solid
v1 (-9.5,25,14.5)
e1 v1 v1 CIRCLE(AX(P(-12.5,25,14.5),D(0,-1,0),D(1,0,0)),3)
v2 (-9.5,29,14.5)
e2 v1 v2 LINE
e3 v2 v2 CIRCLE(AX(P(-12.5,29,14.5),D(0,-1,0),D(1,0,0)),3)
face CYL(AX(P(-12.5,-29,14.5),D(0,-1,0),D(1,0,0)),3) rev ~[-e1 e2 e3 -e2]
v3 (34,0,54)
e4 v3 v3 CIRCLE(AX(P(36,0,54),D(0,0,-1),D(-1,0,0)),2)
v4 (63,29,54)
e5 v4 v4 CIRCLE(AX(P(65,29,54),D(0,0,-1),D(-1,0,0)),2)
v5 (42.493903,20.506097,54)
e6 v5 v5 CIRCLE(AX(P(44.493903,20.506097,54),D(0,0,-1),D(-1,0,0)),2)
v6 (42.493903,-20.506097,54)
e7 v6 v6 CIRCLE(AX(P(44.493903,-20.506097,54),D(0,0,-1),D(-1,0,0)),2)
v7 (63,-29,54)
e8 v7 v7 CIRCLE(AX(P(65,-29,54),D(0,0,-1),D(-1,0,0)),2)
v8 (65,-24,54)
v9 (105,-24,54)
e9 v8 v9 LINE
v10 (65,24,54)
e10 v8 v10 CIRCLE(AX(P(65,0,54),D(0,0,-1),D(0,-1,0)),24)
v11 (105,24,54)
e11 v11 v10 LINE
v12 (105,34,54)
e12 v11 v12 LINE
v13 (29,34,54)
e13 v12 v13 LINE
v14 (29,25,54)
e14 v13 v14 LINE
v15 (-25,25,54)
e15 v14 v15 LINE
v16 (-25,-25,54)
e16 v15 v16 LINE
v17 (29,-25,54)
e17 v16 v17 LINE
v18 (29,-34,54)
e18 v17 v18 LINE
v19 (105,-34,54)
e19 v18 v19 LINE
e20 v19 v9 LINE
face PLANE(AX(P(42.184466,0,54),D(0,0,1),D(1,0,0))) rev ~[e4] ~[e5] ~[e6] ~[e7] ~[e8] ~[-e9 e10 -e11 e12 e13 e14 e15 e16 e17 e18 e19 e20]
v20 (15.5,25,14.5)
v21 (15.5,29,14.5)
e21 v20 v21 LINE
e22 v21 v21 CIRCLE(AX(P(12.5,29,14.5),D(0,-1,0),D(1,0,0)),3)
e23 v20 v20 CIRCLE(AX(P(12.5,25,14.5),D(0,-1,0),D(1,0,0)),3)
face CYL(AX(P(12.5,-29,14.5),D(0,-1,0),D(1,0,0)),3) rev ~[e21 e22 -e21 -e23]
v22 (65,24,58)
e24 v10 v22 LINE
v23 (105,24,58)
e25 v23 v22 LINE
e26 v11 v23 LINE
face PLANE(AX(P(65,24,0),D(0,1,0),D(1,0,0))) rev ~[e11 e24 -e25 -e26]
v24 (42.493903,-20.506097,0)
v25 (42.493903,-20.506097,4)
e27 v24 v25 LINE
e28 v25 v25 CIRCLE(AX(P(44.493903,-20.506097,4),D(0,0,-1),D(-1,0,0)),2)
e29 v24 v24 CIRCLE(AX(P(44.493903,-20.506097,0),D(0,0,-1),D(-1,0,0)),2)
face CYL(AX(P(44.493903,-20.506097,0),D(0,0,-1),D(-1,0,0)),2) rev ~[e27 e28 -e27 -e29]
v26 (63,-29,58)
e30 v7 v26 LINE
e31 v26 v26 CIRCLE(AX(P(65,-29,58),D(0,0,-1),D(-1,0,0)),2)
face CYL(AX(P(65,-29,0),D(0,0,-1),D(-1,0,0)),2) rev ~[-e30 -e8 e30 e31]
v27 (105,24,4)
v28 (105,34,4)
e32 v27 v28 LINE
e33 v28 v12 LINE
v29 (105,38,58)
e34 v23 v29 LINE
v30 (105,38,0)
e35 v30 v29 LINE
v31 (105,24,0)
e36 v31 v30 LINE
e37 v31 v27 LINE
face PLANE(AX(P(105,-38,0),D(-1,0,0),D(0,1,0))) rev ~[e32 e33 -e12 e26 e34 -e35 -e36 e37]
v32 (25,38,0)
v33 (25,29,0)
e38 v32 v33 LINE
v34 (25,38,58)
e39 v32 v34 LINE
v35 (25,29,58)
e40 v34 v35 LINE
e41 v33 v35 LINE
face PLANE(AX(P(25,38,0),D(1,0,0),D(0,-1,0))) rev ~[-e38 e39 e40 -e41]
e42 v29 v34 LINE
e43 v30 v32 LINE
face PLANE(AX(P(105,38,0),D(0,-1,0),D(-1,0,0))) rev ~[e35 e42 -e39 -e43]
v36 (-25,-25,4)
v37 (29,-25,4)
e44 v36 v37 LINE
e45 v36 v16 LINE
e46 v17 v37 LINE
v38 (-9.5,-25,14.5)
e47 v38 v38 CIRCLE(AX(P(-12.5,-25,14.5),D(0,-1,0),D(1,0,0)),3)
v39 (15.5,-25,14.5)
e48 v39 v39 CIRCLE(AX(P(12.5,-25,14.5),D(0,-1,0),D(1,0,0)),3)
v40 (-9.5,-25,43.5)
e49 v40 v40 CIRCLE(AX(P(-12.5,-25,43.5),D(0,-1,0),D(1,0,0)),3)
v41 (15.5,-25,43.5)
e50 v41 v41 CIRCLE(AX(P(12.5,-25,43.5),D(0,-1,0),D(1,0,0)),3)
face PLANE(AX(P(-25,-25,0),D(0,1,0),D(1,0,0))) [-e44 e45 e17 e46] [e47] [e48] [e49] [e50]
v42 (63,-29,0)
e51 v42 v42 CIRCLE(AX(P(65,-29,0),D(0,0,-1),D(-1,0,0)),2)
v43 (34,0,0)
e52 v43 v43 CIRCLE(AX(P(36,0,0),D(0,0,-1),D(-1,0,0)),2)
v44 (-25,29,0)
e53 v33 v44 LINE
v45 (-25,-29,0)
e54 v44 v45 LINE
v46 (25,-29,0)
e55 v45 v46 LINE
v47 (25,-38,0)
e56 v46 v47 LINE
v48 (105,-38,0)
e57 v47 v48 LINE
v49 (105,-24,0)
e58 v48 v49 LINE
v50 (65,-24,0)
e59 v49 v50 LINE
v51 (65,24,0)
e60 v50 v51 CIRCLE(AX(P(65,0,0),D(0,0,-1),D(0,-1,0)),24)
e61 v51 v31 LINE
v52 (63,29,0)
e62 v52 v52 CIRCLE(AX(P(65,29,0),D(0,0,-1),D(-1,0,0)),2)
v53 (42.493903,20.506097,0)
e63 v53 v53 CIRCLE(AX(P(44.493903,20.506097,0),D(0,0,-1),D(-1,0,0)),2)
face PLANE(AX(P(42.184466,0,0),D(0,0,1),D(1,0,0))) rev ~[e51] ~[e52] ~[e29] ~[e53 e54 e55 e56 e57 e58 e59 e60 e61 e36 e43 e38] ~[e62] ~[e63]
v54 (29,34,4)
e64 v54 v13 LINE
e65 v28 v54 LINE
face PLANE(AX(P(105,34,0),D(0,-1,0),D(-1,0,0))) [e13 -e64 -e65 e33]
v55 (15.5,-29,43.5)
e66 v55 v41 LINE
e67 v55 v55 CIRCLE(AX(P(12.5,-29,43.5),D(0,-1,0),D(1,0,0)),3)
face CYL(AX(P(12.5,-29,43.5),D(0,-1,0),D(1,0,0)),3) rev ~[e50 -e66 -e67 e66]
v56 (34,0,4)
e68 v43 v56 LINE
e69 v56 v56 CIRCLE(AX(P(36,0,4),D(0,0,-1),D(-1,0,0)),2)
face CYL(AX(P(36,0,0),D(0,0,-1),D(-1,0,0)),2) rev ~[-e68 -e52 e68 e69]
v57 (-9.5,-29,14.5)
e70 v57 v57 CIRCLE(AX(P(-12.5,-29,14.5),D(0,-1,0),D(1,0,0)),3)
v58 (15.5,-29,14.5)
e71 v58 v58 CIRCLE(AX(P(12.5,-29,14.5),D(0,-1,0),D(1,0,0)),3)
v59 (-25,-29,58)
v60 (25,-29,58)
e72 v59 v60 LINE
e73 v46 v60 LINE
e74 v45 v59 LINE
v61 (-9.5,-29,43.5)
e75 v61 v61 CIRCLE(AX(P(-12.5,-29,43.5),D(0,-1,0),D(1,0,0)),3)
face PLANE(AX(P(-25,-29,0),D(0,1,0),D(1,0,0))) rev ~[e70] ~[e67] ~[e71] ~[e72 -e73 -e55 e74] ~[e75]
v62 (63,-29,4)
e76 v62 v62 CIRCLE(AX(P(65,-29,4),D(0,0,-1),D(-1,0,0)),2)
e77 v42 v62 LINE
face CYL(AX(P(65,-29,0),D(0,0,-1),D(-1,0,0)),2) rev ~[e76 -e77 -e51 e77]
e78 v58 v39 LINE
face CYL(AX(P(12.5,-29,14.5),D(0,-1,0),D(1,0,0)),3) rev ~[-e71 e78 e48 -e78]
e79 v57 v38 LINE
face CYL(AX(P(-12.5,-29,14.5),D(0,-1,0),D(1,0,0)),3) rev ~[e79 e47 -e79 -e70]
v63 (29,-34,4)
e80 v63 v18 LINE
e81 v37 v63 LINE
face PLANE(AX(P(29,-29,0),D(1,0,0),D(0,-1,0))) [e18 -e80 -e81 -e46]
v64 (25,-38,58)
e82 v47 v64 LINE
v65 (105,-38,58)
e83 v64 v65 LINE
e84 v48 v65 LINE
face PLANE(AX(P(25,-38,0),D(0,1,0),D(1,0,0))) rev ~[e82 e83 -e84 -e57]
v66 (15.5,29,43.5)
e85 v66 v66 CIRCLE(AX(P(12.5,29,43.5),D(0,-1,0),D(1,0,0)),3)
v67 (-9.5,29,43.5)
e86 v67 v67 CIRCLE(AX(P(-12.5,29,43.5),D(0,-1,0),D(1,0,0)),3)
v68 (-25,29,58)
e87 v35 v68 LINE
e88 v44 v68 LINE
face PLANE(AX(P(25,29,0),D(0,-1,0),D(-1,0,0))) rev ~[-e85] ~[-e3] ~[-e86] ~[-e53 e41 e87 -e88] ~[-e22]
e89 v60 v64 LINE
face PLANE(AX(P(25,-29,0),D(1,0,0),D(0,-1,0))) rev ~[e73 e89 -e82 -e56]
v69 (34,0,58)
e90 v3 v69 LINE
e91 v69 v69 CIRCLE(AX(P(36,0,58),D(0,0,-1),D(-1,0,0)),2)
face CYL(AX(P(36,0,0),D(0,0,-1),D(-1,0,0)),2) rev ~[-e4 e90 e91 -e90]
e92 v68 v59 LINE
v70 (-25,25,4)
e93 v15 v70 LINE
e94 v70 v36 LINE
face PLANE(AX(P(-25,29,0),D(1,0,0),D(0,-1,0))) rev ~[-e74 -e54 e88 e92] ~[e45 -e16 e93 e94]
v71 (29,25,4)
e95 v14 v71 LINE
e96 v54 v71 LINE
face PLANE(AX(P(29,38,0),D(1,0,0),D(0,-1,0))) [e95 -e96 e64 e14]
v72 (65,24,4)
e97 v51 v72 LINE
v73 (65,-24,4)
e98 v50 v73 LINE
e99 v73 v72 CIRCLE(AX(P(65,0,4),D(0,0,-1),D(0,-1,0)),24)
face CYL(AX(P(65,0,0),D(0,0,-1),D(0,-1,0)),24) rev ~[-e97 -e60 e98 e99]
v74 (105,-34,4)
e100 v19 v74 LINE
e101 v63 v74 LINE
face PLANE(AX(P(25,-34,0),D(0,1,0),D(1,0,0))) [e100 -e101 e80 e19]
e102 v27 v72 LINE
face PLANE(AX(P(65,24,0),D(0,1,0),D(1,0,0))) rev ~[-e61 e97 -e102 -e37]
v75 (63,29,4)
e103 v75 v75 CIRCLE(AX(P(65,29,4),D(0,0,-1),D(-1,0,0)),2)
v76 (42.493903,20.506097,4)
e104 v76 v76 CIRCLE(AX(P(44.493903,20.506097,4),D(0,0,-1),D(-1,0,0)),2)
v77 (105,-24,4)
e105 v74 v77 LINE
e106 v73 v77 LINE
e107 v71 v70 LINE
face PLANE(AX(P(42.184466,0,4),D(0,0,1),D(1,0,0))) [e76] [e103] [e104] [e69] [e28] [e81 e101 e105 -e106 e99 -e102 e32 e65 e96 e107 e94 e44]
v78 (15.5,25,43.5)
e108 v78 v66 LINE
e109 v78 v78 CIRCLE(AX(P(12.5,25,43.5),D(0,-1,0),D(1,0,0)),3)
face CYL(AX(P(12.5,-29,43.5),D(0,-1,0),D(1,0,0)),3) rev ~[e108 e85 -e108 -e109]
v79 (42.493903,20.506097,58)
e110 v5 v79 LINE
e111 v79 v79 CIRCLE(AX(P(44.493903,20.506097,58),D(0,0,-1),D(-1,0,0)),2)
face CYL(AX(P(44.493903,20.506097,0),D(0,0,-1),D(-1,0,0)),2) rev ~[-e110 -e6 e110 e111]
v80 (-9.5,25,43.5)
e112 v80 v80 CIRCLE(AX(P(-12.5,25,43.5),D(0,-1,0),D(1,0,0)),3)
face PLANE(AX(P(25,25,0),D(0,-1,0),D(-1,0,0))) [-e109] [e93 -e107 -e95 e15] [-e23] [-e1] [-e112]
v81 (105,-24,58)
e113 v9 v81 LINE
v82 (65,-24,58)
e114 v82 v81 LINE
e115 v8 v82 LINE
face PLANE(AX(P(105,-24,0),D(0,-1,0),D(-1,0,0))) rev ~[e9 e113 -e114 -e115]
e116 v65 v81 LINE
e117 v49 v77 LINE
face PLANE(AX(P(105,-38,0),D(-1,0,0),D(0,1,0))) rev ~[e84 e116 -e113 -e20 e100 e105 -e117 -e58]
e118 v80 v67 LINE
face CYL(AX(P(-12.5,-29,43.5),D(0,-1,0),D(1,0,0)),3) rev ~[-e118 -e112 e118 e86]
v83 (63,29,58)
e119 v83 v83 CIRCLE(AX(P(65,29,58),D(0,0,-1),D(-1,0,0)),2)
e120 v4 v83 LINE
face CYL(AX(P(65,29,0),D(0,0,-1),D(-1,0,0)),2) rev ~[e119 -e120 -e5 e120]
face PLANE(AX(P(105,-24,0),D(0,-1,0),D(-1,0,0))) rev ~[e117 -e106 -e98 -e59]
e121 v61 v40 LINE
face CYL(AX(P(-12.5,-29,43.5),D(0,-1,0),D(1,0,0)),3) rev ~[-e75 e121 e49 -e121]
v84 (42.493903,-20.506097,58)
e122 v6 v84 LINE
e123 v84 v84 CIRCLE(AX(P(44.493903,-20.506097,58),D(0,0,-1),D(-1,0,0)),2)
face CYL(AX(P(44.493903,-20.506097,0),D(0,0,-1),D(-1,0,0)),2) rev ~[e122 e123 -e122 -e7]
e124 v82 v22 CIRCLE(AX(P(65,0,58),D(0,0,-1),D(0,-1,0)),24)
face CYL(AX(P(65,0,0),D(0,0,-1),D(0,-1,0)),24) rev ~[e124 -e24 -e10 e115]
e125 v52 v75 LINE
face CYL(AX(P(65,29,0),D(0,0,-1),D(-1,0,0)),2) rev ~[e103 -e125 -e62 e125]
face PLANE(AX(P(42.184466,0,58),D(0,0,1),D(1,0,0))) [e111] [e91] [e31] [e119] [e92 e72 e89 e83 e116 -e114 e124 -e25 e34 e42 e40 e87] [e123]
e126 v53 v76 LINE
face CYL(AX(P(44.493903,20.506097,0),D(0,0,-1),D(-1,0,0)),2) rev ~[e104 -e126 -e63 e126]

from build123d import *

# Parameters (mm, degrees)
BOSS_EXTRUDE1_DEPTH = 58
SHELL1_T            = -4
SKETCH2_R           = 2
CUT_EXTRUDE1_DEPTH  = 60
SKETCH3_R           = 3
CUT_EXTRUDE2_DEPTH  = 70


with BuildPart() as part:
    # Sketch1 → Boss-Extrude1 (new body)
    with BuildSketch(Plane.XY):
        Polygon((-25, -29), (25, -29), (25, -38), (105, -38), (105, 38), (25, 38), (25, 29), (-25, 29), align=None)
    extrude(amount=BOSS_EXTRUDE1_DEPTH)

    # Shell1
    shell1_openings = [part.faces().sort_by_distance(p)[0] for p in [
        (105, 0, 29),
        (-25, 0, 29),
    ]]
    offset(amount=SHELL1_T, openings=shell1_openings, kind=Kind.INTERSECTION)

    # Sketch2 → Cut-Extrude1 (cut)
    with BuildSketch(Plane(origin=(0, 0, 0), x_dir=(-1, 0, 0), z_dir=(0, 0, -1))):
        with Locations((-36, 0)):
            Circle(SKETCH2_R)
        with Locations((-44.493903346, -20.506096654)):
            Circle(SKETCH2_R)
        with Locations((-65, -29)):
            Circle(SKETCH2_R)
        with Locations((-65, 29)):
            Circle(SKETCH2_R)
        with Locations((-44.493903346, 20.506096654)):
            Circle(SKETCH2_R)
        with BuildLine():
            Line((-65, 24), (-105, 24))
            Line((-105, 24), (-105, -24))
            Line((-105, -24), (-65, -24))
            ThreePointArc((-65, -24), (-41, 0), (-65, 24))
        make_face()
    extrude(amount=-CUT_EXTRUDE1_DEPTH, mode=Mode.SUBTRACT)

    # Sketch3 → Cut-Extrude2 (cut)
    with BuildSketch(Plane.XZ.offset(29)):
        with Locations((12.5, 43.5)):
            Circle(SKETCH3_R)
        with Locations((-12.5, 43.5)):
            Circle(SKETCH3_R)
        with Locations((-12.5, 14.5)):
            Circle(SKETCH3_R)
        with Locations((12.5, 14.5)):
            Circle(SKETCH3_R)
    extrude(amount=-CUT_EXTRUDE2_DEPTH, mode=Mode.SUBTRACT)


solid = part.part
